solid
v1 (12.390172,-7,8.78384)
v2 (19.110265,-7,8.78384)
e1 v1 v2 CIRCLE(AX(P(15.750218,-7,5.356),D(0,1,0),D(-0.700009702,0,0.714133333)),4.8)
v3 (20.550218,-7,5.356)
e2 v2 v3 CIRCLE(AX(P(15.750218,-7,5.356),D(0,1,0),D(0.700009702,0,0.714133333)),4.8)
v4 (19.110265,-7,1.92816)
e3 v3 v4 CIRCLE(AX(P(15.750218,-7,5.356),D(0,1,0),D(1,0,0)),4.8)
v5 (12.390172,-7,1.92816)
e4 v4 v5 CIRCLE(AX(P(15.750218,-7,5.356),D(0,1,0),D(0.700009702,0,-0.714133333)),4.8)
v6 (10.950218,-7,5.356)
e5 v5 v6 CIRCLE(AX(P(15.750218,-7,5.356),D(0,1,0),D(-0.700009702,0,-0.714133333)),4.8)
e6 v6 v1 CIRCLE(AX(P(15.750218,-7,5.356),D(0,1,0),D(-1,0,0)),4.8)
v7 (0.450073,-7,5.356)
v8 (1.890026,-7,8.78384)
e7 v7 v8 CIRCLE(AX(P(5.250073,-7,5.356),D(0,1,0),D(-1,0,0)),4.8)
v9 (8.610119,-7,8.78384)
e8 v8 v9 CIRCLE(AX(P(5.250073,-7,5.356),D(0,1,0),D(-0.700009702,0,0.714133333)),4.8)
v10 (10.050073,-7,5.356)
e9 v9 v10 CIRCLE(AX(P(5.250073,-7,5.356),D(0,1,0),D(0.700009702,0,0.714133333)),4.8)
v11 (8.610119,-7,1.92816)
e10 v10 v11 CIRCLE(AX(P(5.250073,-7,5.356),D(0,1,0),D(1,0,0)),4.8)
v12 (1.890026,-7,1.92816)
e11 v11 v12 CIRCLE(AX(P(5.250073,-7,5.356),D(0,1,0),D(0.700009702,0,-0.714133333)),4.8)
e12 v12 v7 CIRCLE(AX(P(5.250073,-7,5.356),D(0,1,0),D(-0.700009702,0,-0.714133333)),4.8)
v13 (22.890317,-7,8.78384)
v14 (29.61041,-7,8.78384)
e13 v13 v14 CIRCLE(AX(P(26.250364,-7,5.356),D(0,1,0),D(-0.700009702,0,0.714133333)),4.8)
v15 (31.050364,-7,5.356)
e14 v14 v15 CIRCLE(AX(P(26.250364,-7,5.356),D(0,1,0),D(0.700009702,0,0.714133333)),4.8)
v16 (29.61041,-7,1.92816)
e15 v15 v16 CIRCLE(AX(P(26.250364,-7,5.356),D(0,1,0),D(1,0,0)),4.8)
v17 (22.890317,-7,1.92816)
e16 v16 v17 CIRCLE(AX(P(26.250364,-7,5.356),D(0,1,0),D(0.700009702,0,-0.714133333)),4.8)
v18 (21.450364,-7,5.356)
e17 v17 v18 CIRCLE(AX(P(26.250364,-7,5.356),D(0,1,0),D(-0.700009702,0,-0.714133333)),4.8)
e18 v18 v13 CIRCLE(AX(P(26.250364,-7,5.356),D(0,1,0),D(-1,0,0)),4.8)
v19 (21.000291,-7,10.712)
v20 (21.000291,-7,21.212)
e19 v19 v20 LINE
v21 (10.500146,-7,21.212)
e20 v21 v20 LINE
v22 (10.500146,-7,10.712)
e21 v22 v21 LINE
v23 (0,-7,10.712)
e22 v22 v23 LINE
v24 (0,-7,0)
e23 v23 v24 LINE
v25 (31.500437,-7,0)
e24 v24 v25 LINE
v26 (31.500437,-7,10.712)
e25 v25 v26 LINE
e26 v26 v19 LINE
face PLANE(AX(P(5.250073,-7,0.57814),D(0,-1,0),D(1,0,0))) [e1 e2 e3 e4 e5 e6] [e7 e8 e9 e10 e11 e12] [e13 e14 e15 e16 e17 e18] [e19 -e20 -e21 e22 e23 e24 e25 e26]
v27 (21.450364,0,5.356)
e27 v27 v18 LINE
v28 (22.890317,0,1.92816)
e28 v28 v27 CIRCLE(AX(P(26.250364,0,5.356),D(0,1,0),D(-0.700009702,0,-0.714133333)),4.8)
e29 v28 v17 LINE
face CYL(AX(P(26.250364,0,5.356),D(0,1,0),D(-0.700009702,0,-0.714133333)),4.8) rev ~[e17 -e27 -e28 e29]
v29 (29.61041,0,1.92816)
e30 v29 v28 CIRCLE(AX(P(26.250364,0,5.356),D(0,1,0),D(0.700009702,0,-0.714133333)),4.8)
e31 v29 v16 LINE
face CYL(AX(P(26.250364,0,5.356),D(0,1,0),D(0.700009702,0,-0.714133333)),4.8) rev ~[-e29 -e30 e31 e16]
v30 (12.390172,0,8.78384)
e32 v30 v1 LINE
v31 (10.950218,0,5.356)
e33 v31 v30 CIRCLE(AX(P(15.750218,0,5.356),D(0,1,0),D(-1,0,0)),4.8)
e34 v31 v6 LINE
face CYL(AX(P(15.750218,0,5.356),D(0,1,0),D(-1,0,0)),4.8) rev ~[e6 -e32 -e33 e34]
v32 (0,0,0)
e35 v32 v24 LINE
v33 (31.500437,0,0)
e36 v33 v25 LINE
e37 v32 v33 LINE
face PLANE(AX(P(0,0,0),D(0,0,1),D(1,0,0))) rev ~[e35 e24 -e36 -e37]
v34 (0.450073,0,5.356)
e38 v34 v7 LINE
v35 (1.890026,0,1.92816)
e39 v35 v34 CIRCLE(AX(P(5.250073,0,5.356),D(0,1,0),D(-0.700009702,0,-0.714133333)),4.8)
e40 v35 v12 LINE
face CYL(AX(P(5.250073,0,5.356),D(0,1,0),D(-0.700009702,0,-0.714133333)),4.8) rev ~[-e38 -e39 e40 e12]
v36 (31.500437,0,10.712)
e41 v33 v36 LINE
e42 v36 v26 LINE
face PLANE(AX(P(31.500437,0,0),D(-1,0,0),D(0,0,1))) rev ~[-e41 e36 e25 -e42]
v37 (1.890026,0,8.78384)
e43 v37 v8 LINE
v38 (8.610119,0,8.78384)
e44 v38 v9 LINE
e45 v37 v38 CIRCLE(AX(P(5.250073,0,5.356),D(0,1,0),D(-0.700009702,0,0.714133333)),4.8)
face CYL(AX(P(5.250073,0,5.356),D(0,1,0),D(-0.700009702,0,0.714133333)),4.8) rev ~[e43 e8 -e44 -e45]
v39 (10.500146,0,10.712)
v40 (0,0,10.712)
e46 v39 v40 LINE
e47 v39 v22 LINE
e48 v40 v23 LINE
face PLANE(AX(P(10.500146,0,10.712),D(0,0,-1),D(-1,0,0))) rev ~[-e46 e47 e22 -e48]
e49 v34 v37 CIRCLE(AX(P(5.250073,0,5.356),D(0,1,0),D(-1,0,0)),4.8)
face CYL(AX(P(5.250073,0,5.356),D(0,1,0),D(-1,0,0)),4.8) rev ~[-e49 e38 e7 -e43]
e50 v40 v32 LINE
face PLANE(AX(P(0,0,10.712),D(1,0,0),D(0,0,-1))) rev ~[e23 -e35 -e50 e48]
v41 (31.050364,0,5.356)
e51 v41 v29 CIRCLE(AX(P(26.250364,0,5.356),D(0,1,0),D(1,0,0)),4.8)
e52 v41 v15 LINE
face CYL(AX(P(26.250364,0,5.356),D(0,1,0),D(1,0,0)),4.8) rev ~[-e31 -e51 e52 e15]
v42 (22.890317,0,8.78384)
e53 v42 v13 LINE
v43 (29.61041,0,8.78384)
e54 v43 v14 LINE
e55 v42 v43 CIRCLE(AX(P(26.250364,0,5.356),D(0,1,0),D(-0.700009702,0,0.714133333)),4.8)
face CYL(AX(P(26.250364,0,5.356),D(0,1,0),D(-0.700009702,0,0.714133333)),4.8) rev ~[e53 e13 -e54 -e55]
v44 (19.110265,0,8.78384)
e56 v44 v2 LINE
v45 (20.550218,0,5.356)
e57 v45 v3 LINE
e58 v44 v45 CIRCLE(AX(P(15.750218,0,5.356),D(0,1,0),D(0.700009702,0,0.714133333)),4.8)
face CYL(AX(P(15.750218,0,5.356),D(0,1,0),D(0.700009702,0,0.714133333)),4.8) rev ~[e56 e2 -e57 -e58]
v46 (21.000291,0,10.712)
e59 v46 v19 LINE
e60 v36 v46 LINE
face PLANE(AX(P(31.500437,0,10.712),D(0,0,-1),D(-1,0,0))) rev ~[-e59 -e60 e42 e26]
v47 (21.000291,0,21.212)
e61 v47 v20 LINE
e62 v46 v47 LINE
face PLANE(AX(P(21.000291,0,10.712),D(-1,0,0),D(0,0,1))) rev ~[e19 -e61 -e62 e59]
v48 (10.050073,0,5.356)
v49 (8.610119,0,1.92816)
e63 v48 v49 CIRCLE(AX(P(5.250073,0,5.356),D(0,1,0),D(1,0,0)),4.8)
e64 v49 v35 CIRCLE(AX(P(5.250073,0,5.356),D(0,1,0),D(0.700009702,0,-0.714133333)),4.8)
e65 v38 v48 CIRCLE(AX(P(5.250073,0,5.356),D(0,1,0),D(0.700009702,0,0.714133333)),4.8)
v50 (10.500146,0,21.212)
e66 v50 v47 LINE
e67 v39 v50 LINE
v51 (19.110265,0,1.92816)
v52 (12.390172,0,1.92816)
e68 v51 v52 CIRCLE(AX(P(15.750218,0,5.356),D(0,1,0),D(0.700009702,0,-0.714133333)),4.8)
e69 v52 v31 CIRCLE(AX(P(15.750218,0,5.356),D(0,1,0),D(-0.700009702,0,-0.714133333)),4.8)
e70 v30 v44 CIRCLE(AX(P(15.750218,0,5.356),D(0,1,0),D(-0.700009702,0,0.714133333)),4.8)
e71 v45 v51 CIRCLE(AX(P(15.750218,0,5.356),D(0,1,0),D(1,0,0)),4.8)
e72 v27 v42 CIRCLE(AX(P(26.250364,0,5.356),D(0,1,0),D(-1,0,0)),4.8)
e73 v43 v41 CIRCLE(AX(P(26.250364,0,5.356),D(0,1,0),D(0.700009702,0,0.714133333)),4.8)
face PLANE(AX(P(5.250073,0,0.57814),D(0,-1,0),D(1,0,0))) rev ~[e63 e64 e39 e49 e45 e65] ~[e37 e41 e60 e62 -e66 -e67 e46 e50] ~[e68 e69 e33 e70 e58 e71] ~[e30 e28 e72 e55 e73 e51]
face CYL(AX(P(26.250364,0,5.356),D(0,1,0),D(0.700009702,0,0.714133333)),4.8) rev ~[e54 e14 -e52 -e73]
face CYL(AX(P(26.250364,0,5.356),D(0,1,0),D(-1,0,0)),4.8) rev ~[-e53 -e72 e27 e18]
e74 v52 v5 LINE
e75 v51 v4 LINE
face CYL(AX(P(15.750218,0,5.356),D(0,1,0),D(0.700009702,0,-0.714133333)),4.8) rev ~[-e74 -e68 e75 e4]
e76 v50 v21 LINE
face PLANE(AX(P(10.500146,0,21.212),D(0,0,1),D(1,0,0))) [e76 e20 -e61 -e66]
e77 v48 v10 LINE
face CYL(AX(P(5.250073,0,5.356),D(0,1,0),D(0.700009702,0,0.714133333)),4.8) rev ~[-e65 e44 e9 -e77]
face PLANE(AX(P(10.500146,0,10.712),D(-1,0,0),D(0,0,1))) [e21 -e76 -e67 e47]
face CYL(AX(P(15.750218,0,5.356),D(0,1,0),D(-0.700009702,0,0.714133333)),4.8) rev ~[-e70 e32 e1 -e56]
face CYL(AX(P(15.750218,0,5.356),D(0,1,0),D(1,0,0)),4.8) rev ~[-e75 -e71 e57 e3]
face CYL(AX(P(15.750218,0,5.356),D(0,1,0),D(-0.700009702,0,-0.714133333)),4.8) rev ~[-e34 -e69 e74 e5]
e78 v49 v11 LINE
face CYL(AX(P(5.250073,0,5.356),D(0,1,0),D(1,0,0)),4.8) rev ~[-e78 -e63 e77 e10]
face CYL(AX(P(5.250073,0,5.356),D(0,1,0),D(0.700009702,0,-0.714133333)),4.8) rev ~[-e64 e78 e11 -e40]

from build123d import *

# Parameters (mm, degrees)
F0_W     = 10.5001455228
F0_H     = 10.5
F1_DEPTH = 7


with BuildPart() as f1:
    # F0 (on Front) → F1 (new body)
    with BuildSketch(Plane.XZ):
        with BuildLine():
            Line((1.8900261941, 1.92816), (0, 0))
            Line((0, 0), (10.5001455228, 0))
            Line((10.5001455228, 0), (8.6101193287, 1.92816))
            ThreePointArc((8.6101193287, 1.92816), (5.2500727614, 0.556), (1.8900261941, 1.92816))
        make_face()
        with BuildLine():
            Line((0, 5.356), (0, 0))
            Line((0, 0), (1.8900261941, 1.92816))
            ThreePointArc((1.8900261941, 1.92816), (0.8246787946, 3.4969980531), (0.4500727614, 5.356))
            Line((0.4500727614, 5.356), (0, 5.356))
        make_face()
        with BuildLine():
            Line((12.3901717169, 1.92816), (10.5001455228, 0))
            Line((10.5001455228, 0), (21.0002910456, 0))
            Line((21.0002910456, 0), (19.1102648515, 1.92816))
            ThreePointArc((19.1102648515, 1.92816), (15.7502182842, 0.556), (12.3901717169, 1.92816))
        make_face()
        with BuildLine():
            Line((8.6101193287, 1.92816), (10.5001455228, 0))
            Line((10.5001455228, 0), (10.5001455228, 5.356))
            Line((10.5001455228, 5.356), (10.0500727614, 5.356))
            ThreePointArc((10.0500727614, 5.356), (9.6754667282, 3.4969980531), (8.6101193287, 1.92816))
        make_face()
        with BuildLine():
            Line((10.5001455228, 5.356), (10.5001455228, 0))
            Line((10.5001455228, 0), (12.3901717169, 1.92816))
            ThreePointArc((12.3901717169, 1.92816), (11.3248243174, 3.4969980531), (10.9502182842, 5.356))
            Line((10.9502182842, 5.356), (10.5001455228, 5.356))
        make_face()
        with BuildLine():
            Line((0, 10.712), (0, 5.356))
            Line((0, 5.356), (0.4500727614, 5.356))
            ThreePointArc((0.4500727614, 5.356), (0.8246787946, 7.2150019469), (1.8900261941, 8.78384))
            Line((1.8900261941, 8.78384), (0, 10.712))
        make_face()
        with BuildLine():
            Line((22.8903172397, 1.92816), (21.0002910456, 0))
            Line((21.0002910456, 0), (31.5004365684, 0))
            Line((31.5004365684, 0), (29.6104103743, 1.92816))
            ThreePointArc((29.6104103743, 1.92816), (26.250363807, 0.556), (22.8903172397, 1.92816))
        make_face()
        with BuildLine():
            Line((19.1102648515, 1.92816), (21.0002910456, 0))
            Line((21.0002910456, 0), (21.0002910456, 5.356))
            Line((21.0002910456, 5.356), (20.5502182842, 5.356))
            ThreePointArc((20.5502182842, 5.356), (20.175612251, 3.4969980531), (19.1102648515, 1.92816))
        make_face()
        with BuildLine():
            Line((21.0002910456, 5.356), (21.0002910456, 0))
            Line((21.0002910456, 0), (22.8903172397, 1.92816))
            ThreePointArc((22.8903172397, 1.92816), (21.8249698402, 3.4969980531), (21.450363807, 5.356))
            Line((21.450363807, 5.356), (21.0002910456, 5.356))
        make_face()
        with BuildLine():
            Line((10.5001455228, 10.712), (10.5001455228, 5.356))
            Line((10.5001455228, 5.356), (10.9502182842, 5.356))
            ThreePointArc((10.9502182842, 5.356), (11.3248243174, 7.2150019469), (12.3901717169, 8.78384))
            Line((12.3901717169, 8.78384), (10.5001455228, 10.712))
        make_face()
        with BuildLine():
            Line((10.0500727614, 5.356), (10.5001455228, 5.356))
            Line((10.5001455228, 5.356), (10.5001455228, 10.712))
            Line((10.5001455228, 10.712), (8.6101193287, 8.78384))
            ThreePointArc((8.6101193287, 8.78384), (9.6754667282, 7.2150019469), (10.0500727614, 5.356))
        make_face()
        with BuildLine():
            Line((10.5001455228, 10.712), (0, 10.712))
            Line((0, 10.712), (1.8900261941, 8.78384))
            ThreePointArc((1.8900261941, 8.78384), (5.2500727614, 10.156), (8.6101193287, 8.78384))
            Line((8.6101193287, 8.78384), (10.5001455228, 10.712))
        make_face()
        with BuildLine():
            Line((29.6104103743, 1.92816), (31.5004365684, 0))
            Line((31.5004365684, 0), (31.5004365684, 5.356))
            Line((31.5004365684, 5.356), (31.050363807, 5.356))
            ThreePointArc((31.050363807, 5.356), (30.6757577738, 3.4969980531), (29.6104103743, 1.92816))
        make_face()
        with BuildLine():
            Line((21.0002910456, 10.712), (21.0002910456, 5.356))
            Line((21.0002910456, 5.356), (21.450363807, 5.356))
            ThreePointArc((21.450363807, 5.356), (21.8249698402, 7.2150019469), (22.8903172397, 8.78384))
            Line((22.8903172397, 8.78384), (21.0002910456, 10.712))
        make_face()
        with BuildLine():
            Line((20.5502182842, 5.356), (21.0002910456, 5.356))
            Line((21.0002910456, 5.356), (21.0002910456, 10.712))
            Line((21.0002910456, 10.712), (19.1102648515, 8.78384))
            ThreePointArc((19.1102648515, 8.78384), (20.175612251, 7.2150019469), (20.5502182842, 5.356))
        make_face()
        with Locations((15.7502182842, 15.962)):
            Rectangle(F0_W, F0_H)
        with BuildLine():
            Line((21.0002910456, 10.712), (10.5001455228, 10.712))
            Line((10.5001455228, 10.712), (12.3901717169, 8.78384))
            ThreePointArc((12.3901717169, 8.78384), (15.7502182842, 10.156), (19.1102648515, 8.78384))
            Line((19.1102648515, 8.78384), (21.0002910456, 10.712))
        make_face()
        with BuildLine():
            Line((31.050363807, 5.356), (31.5004365684, 5.356))
            Line((31.5004365684, 5.356), (31.5004365684, 10.712))
            Line((31.5004365684, 10.712), (29.6104103743, 8.78384))
            ThreePointArc((29.6104103743, 8.78384), (30.6757577738, 7.2150019469), (31.050363807, 5.356))
        make_face()
        with BuildLine():
            Line((31.5004365684, 10.712), (21.0002910456, 10.712))
            Line((21.0002910456, 10.712), (22.8903172397, 8.78384))
            ThreePointArc((22.8903172397, 8.78384), (26.250363807, 10.156), (29.6104103743, 8.78384))
            Line((29.6104103743, 8.78384), (31.5004365684, 10.712))
        make_face()
    extrude(amount=F1_DEPTH)


solid = f1.part
